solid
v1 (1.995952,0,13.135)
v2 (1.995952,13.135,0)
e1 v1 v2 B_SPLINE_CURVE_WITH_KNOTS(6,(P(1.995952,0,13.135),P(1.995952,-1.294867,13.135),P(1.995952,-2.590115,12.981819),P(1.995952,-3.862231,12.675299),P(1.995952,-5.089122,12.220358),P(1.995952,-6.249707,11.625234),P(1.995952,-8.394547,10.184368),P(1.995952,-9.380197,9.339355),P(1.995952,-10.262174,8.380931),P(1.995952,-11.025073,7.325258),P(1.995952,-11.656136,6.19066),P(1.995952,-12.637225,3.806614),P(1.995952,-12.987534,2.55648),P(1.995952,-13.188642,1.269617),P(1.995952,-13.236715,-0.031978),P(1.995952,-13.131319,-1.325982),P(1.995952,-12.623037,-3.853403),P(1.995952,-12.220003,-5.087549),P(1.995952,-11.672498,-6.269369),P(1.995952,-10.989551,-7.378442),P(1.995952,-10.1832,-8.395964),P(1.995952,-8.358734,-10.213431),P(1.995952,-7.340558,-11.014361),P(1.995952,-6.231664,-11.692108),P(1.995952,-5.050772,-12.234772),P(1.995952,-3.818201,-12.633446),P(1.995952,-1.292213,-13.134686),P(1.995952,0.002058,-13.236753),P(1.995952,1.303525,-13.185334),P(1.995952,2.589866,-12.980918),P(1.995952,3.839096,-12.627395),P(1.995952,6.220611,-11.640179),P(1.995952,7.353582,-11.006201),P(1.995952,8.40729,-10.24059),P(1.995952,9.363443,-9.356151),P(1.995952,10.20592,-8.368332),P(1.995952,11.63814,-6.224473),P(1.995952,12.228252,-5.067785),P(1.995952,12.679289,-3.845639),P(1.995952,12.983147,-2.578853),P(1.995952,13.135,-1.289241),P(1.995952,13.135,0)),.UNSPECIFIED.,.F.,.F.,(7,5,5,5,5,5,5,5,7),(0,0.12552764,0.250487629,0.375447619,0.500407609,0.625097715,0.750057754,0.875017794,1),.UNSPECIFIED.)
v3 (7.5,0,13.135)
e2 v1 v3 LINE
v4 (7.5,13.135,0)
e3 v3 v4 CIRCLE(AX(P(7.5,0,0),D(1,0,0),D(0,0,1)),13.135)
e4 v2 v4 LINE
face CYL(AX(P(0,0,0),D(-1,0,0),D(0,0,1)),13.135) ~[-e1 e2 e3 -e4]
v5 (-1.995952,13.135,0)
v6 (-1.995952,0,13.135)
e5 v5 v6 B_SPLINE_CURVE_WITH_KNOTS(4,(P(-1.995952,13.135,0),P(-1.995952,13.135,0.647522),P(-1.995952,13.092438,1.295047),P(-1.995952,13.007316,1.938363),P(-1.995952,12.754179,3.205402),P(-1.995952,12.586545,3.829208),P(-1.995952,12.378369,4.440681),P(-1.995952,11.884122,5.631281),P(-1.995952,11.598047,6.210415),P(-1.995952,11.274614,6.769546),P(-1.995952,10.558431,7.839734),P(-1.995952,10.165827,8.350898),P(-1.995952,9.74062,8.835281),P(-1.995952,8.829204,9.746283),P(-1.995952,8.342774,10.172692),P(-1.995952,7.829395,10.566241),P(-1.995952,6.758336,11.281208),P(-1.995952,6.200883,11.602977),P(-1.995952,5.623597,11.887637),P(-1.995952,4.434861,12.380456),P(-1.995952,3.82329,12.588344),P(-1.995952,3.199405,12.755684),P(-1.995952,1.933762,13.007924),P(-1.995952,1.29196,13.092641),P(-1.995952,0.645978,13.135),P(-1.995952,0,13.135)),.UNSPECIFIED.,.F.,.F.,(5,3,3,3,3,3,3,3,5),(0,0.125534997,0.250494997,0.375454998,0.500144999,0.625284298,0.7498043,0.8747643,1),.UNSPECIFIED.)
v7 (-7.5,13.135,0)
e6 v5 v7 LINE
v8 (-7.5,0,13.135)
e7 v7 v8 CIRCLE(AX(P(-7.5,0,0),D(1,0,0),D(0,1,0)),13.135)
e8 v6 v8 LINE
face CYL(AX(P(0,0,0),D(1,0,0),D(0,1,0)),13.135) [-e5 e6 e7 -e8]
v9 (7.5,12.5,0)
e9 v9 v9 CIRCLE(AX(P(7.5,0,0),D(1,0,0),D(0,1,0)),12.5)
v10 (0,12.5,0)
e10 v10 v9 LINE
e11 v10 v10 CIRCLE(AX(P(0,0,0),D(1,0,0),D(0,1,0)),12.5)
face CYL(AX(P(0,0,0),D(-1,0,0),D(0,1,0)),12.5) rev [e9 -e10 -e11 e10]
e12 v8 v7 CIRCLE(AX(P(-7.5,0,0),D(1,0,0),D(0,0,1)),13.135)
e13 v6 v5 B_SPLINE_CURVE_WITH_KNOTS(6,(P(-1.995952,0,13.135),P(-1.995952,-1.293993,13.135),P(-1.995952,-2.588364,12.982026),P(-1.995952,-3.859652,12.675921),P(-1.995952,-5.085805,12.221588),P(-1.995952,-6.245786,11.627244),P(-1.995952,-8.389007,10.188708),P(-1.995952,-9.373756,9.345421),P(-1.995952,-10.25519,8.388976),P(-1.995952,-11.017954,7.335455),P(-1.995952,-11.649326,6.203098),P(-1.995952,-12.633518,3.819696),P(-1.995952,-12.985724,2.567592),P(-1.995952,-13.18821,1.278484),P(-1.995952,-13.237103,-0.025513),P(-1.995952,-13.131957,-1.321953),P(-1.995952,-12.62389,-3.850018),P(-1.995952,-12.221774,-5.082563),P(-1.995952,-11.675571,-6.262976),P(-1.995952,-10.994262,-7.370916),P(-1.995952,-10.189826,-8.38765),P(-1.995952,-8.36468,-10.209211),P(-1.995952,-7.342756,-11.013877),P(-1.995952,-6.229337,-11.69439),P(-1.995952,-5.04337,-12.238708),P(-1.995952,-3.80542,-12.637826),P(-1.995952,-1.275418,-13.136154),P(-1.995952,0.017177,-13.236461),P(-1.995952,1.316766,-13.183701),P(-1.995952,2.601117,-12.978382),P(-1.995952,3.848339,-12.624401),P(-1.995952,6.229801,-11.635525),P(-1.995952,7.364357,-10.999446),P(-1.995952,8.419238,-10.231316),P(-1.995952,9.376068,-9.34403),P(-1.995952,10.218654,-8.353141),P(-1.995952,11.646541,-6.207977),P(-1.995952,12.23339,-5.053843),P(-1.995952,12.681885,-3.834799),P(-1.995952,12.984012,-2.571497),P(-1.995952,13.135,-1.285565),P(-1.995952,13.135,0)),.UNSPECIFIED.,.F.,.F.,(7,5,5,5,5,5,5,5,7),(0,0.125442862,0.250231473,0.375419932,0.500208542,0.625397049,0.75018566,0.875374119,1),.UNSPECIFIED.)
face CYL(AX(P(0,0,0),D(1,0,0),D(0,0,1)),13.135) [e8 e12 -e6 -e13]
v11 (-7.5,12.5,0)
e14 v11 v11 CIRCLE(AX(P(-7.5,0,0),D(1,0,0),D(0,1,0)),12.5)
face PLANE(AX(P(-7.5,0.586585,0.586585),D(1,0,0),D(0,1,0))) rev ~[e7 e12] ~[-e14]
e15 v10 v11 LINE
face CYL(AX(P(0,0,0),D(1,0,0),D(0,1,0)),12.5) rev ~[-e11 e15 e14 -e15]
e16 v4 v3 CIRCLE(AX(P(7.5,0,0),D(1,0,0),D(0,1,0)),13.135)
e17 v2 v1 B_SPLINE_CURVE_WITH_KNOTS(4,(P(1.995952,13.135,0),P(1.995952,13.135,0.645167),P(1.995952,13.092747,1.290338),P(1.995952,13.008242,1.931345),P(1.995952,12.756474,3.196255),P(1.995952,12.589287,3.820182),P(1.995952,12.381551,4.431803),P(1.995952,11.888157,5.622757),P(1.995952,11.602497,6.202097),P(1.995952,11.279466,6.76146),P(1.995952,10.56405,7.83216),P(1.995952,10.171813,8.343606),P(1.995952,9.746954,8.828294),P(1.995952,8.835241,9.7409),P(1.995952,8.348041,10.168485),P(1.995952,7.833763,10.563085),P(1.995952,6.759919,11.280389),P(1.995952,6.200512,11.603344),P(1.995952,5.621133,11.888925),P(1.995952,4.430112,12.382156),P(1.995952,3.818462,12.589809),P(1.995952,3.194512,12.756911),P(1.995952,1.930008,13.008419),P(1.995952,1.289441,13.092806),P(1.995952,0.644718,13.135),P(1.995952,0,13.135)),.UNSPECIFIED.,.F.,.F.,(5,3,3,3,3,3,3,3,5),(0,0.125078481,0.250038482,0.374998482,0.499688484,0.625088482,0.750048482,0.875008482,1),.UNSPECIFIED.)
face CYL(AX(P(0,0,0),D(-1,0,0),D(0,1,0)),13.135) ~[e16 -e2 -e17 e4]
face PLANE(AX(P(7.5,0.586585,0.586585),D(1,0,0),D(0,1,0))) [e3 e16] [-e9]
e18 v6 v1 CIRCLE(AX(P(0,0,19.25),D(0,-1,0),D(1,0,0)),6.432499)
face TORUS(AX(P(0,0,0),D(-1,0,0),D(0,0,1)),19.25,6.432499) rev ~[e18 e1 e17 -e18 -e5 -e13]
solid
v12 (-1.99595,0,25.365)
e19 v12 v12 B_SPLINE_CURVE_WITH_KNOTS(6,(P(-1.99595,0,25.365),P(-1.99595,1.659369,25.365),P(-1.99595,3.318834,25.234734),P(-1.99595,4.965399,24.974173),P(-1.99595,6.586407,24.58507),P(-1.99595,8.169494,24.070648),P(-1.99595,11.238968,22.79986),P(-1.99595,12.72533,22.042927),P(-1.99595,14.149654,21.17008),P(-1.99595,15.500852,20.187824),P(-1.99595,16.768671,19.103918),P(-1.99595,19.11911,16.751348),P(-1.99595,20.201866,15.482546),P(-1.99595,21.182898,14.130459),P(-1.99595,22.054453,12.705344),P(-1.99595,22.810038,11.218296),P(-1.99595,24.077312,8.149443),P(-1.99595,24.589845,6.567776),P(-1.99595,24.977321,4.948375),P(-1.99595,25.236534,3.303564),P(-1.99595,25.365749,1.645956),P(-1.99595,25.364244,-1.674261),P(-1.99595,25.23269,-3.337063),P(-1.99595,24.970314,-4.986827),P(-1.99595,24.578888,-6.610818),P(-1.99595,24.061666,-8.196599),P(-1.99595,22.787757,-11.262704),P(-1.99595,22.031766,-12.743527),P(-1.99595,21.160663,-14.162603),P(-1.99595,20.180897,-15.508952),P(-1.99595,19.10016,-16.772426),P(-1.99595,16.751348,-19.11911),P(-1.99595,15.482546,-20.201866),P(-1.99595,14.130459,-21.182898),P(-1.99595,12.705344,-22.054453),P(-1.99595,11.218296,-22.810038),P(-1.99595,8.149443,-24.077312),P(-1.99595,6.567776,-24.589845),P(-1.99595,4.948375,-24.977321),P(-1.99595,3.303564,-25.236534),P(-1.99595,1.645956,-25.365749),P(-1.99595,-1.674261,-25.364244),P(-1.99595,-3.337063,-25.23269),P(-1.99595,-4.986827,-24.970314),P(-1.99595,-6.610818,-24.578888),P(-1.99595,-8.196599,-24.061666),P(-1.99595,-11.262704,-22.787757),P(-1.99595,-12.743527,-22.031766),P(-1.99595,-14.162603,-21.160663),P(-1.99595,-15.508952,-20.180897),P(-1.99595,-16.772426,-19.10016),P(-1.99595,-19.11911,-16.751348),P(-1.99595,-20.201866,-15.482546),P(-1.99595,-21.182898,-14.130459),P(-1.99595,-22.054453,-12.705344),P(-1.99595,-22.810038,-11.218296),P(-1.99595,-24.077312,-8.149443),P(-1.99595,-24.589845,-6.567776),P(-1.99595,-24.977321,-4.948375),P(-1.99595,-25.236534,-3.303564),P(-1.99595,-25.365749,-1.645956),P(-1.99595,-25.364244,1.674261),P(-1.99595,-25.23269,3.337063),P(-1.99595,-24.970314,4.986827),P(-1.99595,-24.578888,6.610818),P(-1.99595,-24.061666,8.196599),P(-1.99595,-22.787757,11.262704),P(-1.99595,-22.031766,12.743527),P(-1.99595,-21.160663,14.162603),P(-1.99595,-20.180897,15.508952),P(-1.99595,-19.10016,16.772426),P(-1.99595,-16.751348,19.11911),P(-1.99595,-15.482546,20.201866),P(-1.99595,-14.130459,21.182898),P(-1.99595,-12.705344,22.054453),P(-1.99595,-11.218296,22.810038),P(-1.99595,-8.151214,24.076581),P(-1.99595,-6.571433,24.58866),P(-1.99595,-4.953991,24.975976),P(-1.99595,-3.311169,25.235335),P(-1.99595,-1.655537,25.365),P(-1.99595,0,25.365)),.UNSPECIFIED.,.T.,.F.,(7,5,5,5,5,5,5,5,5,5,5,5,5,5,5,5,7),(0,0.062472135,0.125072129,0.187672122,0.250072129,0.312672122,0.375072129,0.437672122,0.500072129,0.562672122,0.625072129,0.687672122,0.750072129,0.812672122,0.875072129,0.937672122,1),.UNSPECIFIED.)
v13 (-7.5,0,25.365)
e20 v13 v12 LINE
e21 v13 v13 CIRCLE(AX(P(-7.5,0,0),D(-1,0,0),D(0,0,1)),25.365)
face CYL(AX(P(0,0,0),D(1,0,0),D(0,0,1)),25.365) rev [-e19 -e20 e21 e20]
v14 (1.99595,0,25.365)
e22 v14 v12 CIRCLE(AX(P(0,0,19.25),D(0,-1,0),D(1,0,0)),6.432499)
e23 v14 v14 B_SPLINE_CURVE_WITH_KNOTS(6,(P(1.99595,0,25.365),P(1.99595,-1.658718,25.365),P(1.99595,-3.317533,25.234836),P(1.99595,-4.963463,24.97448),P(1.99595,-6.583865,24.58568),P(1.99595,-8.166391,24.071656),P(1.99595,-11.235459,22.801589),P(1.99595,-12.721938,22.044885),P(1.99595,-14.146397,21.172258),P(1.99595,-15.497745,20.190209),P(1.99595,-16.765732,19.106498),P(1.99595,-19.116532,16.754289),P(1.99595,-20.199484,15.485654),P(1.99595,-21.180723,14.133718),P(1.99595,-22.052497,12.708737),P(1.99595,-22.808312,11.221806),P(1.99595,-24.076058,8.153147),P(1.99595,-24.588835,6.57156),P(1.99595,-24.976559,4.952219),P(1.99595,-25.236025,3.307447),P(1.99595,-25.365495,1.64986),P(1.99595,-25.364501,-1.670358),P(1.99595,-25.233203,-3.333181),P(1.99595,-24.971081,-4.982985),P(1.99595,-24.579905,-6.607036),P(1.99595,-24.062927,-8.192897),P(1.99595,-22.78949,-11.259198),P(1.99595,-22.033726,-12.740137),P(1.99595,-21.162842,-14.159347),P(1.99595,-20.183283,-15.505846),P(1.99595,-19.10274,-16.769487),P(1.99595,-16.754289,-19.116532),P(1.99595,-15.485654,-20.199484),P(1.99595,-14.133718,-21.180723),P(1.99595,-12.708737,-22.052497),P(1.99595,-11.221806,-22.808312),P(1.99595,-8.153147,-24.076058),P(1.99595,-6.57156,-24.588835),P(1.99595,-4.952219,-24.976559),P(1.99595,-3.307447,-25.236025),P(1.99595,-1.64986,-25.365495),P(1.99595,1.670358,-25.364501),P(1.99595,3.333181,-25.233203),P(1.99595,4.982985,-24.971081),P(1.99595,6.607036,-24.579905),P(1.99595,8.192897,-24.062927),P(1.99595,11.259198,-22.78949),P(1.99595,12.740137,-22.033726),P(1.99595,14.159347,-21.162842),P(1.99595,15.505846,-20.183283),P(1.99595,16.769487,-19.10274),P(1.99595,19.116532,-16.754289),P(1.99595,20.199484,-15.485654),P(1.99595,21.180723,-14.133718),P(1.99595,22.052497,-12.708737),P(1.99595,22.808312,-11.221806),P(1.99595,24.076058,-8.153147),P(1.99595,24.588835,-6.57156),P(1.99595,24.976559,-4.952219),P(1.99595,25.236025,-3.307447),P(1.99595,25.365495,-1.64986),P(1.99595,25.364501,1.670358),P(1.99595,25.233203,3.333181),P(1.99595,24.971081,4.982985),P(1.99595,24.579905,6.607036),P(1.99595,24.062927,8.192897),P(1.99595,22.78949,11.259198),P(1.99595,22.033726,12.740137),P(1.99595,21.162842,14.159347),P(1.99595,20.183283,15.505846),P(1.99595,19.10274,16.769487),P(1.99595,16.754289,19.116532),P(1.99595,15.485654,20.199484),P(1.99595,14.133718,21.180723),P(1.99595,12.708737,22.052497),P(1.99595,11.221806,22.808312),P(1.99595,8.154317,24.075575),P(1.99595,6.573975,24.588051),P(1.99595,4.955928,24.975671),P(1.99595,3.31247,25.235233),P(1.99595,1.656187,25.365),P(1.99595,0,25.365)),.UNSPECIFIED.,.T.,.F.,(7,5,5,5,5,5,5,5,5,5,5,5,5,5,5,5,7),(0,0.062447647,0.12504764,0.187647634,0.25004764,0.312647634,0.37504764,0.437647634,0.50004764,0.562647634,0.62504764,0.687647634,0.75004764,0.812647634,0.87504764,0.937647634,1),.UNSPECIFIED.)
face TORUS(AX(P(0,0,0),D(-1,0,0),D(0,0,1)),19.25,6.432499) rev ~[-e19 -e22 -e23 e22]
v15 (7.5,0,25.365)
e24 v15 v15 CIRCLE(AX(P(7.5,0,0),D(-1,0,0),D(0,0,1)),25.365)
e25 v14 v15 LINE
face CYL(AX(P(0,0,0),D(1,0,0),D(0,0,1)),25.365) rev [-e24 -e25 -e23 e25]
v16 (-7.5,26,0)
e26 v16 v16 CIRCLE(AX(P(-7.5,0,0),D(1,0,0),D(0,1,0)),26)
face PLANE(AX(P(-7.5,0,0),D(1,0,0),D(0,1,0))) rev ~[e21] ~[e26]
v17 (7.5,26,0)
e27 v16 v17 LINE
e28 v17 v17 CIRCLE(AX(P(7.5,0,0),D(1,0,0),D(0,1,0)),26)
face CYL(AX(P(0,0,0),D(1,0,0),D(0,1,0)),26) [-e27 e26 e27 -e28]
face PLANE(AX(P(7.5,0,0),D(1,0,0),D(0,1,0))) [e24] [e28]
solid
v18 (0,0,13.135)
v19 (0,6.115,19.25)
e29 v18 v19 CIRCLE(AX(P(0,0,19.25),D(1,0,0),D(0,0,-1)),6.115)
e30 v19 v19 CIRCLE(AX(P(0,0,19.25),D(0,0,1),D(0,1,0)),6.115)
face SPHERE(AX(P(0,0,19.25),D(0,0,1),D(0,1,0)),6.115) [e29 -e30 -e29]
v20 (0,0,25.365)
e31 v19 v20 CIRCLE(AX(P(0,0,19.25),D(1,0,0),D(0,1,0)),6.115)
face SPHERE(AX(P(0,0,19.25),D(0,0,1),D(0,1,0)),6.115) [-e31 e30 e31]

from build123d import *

# Parameters (mm, degrees)
F0_R     = 12.5
F1_DEPTH = 7.5
F0_R_2   = 26
F2_R     = 6.4324992


with BuildPart() as f1:
    # F0 (on Right) → F1 (new body, symmetric)
    with BuildSketch(Plane.YZ):
        with BuildLine():
            ThreePointArc((0, 13.135), (-9.2878475709, -9.2878475709), (13.135, 0))
            ThreePointArc((13.135, 0), (9.2878475709, 9.2878475709), (0, 13.135))
        make_face()
        Circle(F0_R, mode=Mode.SUBTRACT)
    extrude(amount=F1_DEPTH, both=True)


with BuildPart() as f1b:
    # F0 (on Right) → F1, piece 2 (new body, symmetric)
    with BuildSketch(Plane.YZ):
        Circle(F0_R_2)
        with BuildLine():
            ThreePointArc((25.365, 0), (-17.9357635048, -17.9357635048), (0, 25.365))
            ThreePointArc((0, 25.365), (17.9357635048, 17.9357635048), (25.365, 0))
        make_face(mode=Mode.SUBTRACT)
    extrude(amount=F1_DEPTH, both=True)


with BuildPart() as f3_tool:
    # F2 (on Front) → F3 (revolve)
    with BuildSketch(Plane.XZ):
        with Locations((0, 19.2499996)):
            Circle(F2_R)
    revolve(axis=Axis((0, 0, 0), (-1, 0, 0)))


with BuildPart() as f1_1:
    add(f1.part)

    # F3: cut by f3_tool
    add(f3_tool.part, mode=Mode.SUBTRACT)


with BuildPart() as f1b_1:
    add(f1b.part)

    # F3: cut by f3_tool
    add(f3_tool.part, mode=Mode.SUBTRACT)


with BuildPart() as f4:
    # F0 (on Right) → F4 (revolve)
    with BuildSketch(Plane.YZ):
        with BuildLine():
            Line((0, 19.25), (0, 13.135))
            ThreePointArc((0, 13.135), (4.323957967, 14.926042033), (6.115, 19.25))
            ThreePointArc((6.115, 19.25), (4.323957967, 23.573957967), (0, 25.365))
            Line((0, 25.365), (0, 19.25))
        make_face()
    revolve(axis=Axis((0, 0, 22.3075), (0, 0, 1)))


solid = Compound([f1_1.part, f1b_1.part, f4.part])
